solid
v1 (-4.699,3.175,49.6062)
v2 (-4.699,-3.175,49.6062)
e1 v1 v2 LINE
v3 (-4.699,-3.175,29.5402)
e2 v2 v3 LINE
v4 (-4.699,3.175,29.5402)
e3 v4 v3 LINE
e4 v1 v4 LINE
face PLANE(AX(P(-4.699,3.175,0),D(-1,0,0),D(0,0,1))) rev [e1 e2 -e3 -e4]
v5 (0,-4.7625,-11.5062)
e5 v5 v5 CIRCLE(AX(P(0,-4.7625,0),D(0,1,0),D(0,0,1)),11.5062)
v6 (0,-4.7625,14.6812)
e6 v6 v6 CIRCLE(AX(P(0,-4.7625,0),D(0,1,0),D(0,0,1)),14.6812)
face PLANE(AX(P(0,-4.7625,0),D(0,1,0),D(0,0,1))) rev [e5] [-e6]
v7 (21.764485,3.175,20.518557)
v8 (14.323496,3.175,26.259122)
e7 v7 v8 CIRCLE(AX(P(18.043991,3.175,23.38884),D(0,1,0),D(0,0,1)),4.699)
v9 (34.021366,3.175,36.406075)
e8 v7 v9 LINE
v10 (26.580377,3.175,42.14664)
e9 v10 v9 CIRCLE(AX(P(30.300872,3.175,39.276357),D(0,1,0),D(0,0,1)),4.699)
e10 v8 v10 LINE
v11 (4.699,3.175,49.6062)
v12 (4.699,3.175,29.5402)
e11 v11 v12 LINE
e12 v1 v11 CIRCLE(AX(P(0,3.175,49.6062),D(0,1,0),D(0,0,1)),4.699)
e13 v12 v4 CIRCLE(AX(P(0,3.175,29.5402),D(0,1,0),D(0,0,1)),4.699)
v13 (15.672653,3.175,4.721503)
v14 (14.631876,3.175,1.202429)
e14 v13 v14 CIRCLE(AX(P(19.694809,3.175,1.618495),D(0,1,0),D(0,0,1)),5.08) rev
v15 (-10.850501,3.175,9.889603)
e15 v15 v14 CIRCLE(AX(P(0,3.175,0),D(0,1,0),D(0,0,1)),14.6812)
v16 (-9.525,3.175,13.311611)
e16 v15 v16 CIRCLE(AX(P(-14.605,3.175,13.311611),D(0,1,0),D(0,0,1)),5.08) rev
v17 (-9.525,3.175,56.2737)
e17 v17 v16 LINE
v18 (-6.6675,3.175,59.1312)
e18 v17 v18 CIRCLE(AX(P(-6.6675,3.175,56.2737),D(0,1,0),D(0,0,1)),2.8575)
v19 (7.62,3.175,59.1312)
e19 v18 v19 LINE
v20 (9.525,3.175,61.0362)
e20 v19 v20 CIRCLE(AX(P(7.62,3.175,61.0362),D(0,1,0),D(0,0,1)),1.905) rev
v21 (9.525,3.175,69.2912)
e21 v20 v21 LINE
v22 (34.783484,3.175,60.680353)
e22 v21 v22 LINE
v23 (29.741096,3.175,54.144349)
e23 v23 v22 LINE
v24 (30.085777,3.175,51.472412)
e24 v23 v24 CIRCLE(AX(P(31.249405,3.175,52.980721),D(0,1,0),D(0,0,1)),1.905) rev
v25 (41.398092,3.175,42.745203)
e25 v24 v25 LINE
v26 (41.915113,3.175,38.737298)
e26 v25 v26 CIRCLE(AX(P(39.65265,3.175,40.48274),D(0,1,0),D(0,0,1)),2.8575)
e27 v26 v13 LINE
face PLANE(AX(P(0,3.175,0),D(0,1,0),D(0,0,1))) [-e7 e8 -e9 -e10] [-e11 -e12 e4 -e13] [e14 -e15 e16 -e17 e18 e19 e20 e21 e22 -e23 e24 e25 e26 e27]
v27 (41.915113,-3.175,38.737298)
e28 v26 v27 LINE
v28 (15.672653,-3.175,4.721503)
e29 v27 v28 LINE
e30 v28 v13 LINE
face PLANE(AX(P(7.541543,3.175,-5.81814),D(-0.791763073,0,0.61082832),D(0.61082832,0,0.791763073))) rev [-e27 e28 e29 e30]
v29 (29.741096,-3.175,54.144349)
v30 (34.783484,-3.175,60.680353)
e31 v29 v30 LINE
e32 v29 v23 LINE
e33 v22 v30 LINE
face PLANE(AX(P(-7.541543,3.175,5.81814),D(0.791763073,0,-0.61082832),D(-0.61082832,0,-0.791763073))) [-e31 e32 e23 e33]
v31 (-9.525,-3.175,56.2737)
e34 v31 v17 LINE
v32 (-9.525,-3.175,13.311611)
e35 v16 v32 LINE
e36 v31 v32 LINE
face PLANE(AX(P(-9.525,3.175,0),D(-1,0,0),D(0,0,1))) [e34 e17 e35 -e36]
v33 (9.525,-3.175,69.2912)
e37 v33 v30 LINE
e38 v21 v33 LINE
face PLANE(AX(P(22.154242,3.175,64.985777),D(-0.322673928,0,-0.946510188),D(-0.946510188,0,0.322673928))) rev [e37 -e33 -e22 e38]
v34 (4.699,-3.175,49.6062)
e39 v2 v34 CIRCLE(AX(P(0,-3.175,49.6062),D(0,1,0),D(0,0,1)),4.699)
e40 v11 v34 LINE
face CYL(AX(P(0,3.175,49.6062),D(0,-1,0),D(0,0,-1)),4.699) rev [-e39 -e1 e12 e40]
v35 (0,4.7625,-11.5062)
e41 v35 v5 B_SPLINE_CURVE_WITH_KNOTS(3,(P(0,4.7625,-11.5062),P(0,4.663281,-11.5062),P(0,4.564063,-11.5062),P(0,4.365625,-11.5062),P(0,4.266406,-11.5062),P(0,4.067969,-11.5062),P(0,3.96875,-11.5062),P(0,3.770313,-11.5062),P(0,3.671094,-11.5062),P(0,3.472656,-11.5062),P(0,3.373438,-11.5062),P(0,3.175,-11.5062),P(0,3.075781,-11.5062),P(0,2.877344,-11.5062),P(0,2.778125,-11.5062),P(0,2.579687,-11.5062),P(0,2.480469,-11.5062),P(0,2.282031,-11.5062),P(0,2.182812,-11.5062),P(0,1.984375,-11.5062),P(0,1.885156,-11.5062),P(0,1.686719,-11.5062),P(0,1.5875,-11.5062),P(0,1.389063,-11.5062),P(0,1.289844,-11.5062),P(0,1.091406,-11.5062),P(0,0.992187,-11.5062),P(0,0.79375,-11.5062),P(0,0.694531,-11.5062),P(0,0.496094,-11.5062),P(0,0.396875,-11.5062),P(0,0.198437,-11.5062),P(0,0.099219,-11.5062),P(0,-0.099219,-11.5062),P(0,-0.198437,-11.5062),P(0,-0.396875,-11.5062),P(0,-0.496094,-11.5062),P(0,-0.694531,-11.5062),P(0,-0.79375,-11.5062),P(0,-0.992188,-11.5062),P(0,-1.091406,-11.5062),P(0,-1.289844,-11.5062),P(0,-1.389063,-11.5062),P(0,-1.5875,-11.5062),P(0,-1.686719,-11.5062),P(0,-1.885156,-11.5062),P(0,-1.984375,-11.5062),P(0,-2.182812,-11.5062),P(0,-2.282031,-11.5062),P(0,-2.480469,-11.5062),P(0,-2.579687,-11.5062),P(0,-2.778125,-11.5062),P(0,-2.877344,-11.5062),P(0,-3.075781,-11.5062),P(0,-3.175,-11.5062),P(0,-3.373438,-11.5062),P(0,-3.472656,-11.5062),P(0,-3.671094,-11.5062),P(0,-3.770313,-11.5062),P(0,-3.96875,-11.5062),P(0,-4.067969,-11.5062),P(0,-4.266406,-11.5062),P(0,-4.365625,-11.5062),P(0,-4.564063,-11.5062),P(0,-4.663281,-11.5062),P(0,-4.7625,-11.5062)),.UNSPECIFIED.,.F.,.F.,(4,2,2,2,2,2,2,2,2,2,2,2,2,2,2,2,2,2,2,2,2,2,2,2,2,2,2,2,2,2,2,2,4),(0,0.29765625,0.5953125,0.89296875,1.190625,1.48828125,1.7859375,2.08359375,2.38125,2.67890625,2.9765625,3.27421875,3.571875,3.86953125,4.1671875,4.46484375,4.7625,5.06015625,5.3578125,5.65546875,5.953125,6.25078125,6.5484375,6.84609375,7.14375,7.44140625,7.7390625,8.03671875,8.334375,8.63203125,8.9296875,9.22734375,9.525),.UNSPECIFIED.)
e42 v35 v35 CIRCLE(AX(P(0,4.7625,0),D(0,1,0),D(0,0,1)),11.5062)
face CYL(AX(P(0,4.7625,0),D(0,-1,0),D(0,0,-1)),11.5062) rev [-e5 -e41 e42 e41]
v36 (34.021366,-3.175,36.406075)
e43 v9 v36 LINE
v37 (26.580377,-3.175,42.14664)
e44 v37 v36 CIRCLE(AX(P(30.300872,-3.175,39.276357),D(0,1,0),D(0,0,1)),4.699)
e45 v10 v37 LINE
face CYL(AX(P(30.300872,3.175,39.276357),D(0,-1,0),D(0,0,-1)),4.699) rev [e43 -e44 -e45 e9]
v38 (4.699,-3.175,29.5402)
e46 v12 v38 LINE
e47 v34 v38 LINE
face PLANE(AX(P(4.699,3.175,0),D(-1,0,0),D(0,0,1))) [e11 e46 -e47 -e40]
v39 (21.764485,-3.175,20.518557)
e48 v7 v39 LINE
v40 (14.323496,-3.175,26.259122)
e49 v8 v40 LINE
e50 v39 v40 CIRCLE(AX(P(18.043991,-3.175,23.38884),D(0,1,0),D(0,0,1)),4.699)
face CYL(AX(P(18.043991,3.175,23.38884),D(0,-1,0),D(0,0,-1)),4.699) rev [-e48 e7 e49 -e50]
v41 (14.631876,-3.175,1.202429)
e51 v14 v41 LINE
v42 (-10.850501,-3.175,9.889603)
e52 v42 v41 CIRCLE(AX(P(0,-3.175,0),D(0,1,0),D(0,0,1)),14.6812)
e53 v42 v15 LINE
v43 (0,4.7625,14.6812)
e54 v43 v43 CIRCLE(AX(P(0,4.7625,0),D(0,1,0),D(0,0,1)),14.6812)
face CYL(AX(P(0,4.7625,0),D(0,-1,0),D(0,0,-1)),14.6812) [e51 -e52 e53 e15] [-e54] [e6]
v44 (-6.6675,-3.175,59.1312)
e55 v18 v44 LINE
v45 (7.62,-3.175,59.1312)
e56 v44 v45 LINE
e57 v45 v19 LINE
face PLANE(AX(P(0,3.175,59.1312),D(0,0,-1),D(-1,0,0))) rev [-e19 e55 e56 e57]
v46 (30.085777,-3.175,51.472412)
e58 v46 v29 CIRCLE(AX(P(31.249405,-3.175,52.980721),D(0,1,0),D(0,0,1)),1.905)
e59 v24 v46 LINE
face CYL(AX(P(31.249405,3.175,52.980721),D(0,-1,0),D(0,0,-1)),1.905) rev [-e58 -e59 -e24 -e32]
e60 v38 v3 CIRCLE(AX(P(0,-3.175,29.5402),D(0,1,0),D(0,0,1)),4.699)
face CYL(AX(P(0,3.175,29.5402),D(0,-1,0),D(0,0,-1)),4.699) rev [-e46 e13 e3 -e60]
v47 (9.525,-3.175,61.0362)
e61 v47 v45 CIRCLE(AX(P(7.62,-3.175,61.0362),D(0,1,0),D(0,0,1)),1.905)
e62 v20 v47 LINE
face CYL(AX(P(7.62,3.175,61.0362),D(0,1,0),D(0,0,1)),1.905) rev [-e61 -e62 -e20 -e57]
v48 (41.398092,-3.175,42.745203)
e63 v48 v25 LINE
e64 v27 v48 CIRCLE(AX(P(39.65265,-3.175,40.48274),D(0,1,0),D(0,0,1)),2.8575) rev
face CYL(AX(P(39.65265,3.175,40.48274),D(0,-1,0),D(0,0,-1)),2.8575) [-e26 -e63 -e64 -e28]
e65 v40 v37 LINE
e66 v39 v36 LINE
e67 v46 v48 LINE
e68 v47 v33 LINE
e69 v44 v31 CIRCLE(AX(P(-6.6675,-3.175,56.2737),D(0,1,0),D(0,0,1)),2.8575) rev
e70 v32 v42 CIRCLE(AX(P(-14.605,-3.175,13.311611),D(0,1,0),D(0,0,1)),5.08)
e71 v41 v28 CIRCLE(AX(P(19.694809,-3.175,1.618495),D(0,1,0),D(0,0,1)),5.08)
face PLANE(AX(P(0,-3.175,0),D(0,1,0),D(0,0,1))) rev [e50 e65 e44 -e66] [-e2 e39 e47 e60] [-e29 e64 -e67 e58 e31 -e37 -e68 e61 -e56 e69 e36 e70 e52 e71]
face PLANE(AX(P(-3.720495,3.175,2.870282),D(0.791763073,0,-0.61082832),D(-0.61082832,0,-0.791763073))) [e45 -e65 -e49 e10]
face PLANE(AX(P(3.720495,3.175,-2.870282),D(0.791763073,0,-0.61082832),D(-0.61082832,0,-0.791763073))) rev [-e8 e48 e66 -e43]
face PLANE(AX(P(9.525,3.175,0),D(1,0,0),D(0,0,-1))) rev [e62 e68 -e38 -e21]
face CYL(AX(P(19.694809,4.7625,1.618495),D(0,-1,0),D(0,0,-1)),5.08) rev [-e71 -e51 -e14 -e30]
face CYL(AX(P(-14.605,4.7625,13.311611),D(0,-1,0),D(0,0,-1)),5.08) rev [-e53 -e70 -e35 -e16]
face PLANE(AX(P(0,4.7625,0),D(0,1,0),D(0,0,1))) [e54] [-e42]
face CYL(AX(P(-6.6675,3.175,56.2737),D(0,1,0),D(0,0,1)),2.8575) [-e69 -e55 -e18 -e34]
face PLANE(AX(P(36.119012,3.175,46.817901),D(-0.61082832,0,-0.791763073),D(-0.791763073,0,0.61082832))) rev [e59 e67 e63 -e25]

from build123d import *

# Parameters (mm, degrees)
SKETCH1_R             = 14.6812
SKETCH1_R_2           = 11.5062
BEARING_EXTRUDE_DEPTH = 4.7625
BOSS_EXTRUDE2_DEPTH   = 3.175
FILLET1_R             = 5.08
FILLET2_R             = 1.905
FILLET3_R             = 2.8575


with BuildPart() as part:
    # Sketch1 → Bearing extrude (new, symmetric)
    with BuildSketch(Plane(origin=(0, 0, 0), x_dir=(1, 0, 0), z_dir=(0, 1, 0))):
        with Locations(Location((0, 0, 0), (0, 0, 90))):
            Circle(SKETCH1_R)
        with Locations(Location((0, 0, 0), (0, 0, 90))):
            Circle(SKETCH1_R_2, mode=Mode.SUBTRACT)
    extrude(amount=BEARING_EXTRUDE_DEPTH, both=True)

    # Sketch1<5> → Boss-Extrude2 (add, symmetric)
    with BuildSketch(Plane(origin=(0, 0, 0), x_dir=(1, 0, 0), z_dir=(0, 1, 0))):
        with BuildLine():
            Line((-9.525, -11.171929486), (-9.525, -59.1312))
            Line((-9.525, -59.1312), (9.525, -59.1312))
            Line((9.525, -59.1312), (9.525, -69.2912))
            Line((9.525, -69.2912), (34.783484035, -60.68035317))
            Line((34.783484035, -60.68035317), (28.577468302, -52.636040352))
            Line((28.577468302, -52.636040352), (36.119011569, -46.817900602))
            Line((36.119011569, -46.817900602), (43.660554836, -40.999760851))
            Line((43.660554836, -40.999760851), (14.365674189, -3.027381467))
            ThreePointArc((14.365674189, -3.027381467), (4.737240469, -13.895905375), (-9.525, -11.171929486))
        make_face()
        with BuildLine():
            ThreePointArc((4.699, -49.6062), (0, -54.3052), (-4.699, -49.6062))
            Line((-4.699, -49.6062), (-4.699, -29.5402))
            ThreePointArc((-4.699, -29.5402), (0, -24.8412), (4.699, -29.5402))
            Line((4.699, -29.5402), (4.699, -49.6062))
        make_face(mode=Mode.SUBTRACT)
        with BuildLine():
            ThreePointArc((34.021366497, -36.406075058), (34.961254897, -39.877548289), (33.171154095, -42.996852013))
            ThreePointArc((33.171154095, -42.996852013), (29.699680864, -43.936740413), (26.58037714, -42.146639611))
            Line((26.58037714, -42.146639611), (14.323496067, -26.259121795))
            ThreePointArc((14.323496067, -26.259121795), (15.173708468, -19.66834484), (21.764485423, -20.518557242))
            Line((21.764485423, -20.518557242), (34.021366497, -36.406075058))
        make_face(mode=Mode.SUBTRACT)
    extrude(amount=BOSS_EXTRUDE2_DEPTH, both=True)

    # Fillet1
    fillet1_edges = [part.edges().sort_by_distance(p)[0] for p in [
        (14.365674189, 0, 3.027381467),
        (-9.525, 0, 11.171929486),
    ]]
    fillet(fillet1_edges, radius=FILLET1_R)

    # Fillet2
    fillet2_edges = [part.edges().sort_by_distance(p)[0] for p in [
        (28.577468302, 0, 52.636040352),
        (9.525, 0, 59.1312),
    ]]
    fillet(fillet2_edges, radius=FILLET2_R)

    # Fillet3
    fillet3_edges = [part.edges().sort_by_distance(p)[0] for p in [
        (43.660554836, 0, 40.999760851),
        (-9.525, 0, 59.1312),
    ]]
    fillet(fillet3_edges, radius=FILLET3_R)


solid = part.part
